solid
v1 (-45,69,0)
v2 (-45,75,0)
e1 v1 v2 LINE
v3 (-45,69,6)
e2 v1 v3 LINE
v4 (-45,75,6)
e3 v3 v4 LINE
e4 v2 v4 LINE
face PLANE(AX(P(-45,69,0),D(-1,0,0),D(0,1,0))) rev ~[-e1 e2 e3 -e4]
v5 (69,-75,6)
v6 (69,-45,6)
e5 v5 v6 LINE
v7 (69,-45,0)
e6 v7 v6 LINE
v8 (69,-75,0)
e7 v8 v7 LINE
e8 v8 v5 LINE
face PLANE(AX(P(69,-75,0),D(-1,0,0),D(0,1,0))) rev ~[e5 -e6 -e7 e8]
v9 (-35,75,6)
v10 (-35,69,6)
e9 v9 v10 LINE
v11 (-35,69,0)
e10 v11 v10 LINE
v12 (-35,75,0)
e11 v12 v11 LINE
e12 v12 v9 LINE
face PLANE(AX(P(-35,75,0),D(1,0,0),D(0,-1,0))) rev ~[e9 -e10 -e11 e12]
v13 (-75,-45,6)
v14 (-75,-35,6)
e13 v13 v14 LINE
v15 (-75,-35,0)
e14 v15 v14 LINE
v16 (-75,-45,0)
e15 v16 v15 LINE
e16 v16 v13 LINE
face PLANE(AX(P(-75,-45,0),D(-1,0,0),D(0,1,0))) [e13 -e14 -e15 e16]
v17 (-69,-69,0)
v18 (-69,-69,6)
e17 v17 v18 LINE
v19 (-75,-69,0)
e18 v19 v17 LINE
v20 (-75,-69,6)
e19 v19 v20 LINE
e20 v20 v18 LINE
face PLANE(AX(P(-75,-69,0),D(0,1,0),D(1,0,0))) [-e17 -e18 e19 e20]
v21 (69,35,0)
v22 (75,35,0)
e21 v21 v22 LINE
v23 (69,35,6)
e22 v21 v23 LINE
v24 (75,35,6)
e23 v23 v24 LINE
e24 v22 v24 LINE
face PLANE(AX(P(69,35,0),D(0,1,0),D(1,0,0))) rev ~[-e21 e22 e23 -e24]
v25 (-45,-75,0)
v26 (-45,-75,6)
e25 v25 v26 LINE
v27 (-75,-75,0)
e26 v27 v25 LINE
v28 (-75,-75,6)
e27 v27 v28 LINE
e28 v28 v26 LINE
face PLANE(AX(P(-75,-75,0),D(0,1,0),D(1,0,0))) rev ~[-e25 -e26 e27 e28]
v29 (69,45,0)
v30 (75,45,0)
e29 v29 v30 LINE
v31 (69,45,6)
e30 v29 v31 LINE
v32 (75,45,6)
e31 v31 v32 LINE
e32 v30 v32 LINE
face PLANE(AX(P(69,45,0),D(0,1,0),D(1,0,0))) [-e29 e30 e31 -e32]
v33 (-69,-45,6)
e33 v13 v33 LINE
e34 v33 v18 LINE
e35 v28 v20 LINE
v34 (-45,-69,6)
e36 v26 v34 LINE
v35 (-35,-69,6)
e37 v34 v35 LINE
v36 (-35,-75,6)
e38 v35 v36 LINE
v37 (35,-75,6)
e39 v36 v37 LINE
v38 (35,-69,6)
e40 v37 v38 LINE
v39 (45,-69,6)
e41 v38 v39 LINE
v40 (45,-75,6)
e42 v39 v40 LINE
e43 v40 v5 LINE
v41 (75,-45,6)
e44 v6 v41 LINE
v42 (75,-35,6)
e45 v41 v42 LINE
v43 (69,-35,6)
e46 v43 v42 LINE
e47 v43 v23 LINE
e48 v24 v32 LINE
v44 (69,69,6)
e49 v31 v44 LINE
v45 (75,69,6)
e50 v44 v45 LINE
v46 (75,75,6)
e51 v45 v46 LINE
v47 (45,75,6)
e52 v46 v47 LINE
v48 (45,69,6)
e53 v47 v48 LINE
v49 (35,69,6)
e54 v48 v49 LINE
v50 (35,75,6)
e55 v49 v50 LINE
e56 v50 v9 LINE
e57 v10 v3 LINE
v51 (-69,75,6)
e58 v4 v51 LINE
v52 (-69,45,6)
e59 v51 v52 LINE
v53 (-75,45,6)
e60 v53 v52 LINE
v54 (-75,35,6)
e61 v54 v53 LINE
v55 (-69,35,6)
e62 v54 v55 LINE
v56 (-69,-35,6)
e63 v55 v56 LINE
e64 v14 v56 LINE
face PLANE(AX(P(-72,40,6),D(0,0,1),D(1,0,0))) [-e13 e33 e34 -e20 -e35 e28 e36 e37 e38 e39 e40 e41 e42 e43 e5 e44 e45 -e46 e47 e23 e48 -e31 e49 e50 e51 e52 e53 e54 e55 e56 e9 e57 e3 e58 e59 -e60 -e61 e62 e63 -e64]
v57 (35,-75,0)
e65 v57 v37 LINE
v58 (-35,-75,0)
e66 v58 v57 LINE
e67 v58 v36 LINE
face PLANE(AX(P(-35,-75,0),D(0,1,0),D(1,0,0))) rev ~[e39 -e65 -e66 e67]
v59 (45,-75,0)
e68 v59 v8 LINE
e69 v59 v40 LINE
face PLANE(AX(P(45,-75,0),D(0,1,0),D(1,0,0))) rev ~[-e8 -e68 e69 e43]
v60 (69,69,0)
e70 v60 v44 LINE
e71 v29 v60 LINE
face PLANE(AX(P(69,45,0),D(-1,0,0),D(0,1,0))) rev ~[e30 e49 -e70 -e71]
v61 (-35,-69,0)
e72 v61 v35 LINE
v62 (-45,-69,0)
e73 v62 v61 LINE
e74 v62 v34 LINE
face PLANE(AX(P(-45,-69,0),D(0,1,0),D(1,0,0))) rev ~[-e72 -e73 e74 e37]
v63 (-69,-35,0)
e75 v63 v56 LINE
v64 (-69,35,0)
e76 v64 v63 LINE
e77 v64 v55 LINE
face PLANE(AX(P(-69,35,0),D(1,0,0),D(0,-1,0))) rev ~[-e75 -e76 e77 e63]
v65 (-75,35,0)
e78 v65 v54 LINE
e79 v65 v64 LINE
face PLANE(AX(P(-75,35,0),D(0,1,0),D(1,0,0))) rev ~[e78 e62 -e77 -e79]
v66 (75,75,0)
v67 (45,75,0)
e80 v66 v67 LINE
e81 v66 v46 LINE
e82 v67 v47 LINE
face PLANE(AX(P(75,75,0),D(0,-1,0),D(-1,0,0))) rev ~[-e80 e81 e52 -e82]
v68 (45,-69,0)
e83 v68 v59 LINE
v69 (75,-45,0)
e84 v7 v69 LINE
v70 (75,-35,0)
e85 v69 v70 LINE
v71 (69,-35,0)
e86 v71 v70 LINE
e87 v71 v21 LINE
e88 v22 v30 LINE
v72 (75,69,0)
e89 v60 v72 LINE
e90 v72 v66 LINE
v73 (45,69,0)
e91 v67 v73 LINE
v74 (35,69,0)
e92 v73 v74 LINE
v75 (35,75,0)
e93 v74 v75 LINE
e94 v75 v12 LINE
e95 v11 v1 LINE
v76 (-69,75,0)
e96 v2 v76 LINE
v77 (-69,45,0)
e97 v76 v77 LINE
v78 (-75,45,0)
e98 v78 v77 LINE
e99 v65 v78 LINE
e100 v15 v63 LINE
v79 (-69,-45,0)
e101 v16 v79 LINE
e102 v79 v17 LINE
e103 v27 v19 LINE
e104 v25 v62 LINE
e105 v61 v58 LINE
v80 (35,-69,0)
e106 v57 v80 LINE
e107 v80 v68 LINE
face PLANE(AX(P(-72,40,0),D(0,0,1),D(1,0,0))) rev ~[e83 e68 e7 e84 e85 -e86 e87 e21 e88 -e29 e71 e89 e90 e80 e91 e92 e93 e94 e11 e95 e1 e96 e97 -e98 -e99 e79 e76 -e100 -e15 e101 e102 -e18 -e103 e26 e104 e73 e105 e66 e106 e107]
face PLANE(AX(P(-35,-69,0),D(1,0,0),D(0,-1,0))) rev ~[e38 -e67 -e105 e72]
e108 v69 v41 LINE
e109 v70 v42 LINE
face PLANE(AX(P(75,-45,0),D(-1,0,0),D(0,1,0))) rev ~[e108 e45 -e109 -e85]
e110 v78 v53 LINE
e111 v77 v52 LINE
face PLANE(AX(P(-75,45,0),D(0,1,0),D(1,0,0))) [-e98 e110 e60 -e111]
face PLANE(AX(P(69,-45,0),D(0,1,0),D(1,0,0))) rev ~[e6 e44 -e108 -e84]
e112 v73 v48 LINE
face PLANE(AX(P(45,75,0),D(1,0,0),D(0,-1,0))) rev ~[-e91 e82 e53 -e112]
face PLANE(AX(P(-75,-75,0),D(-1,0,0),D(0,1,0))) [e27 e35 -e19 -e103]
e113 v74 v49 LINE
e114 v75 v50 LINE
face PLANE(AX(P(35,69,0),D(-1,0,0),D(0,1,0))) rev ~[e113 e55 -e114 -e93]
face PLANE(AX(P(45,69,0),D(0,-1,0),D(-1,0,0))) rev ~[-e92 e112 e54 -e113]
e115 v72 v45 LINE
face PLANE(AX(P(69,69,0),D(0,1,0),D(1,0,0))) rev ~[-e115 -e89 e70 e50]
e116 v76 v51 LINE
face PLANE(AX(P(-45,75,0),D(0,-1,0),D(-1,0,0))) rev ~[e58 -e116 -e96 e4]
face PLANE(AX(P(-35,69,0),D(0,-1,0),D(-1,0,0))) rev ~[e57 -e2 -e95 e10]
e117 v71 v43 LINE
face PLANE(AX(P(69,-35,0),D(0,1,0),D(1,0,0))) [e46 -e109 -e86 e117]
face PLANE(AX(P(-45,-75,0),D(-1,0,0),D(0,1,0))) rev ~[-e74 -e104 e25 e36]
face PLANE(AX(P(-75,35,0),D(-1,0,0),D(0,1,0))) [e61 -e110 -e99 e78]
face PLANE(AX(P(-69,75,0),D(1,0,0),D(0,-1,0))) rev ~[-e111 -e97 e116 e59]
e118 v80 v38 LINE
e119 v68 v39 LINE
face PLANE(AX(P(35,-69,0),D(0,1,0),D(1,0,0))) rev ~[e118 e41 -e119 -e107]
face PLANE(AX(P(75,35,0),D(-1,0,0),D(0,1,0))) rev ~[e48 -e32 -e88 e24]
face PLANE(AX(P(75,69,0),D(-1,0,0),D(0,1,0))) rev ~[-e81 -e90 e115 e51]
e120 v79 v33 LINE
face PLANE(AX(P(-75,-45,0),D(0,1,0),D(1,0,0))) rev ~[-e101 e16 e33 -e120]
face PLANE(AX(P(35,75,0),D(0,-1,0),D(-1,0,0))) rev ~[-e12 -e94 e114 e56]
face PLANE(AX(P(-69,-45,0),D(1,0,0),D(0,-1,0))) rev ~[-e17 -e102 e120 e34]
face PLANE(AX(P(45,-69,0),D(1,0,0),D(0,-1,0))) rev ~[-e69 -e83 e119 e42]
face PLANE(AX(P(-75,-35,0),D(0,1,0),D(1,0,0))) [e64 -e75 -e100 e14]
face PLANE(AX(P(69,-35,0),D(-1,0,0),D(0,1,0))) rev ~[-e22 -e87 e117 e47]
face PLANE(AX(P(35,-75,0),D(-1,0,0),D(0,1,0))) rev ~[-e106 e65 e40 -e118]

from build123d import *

# Parameters (mm, degrees)
F0_W     = 6
F0_H     = 10
F0_H_2   = 6
F1_DEPTH = 6


with BuildPart() as f1:
    # F0 (on Top) → F1 (new body)
    with BuildSketch(Plane.XY):
        with Locations((-72, 40)):
            Rectangle(F0_W, F0_H)
        Polygon((45, -75), (69, -75), (69, -69), (69, -45), (69, -35), (69, 35), (69, 45), (69, 69), (69, 75), (45, 75), (45, 69), (35, 69), (35, 75), (-35, 75), (-35, 69), (-45, 69), (-45, 75), (-69, 75), (-69, 69), (-69, 45), (-69, 35), (-69, -35), (-69, -45), (-69, -69), (-69, -75), (-45, -75), (-45, -69), (-35, -69), (-35, -75), (35, -75), (35, -69), (45, -69), align=None)
        with Locations((-72, -40)):
            Rectangle(F0_W, F0_H)
        with Locations((72, -40)):
            Rectangle(F0_W, F0_H)
        with Locations((72, 40)):
            Rectangle(F0_W, F0_H)
        with Locations((-72, -72)):
            Rectangle(F0_W, F0_H_2)
        with Locations((72, 72)):
            Rectangle(F0_W, F0_H_2)
    extrude(amount=F1_DEPTH)


solid = f1.part
